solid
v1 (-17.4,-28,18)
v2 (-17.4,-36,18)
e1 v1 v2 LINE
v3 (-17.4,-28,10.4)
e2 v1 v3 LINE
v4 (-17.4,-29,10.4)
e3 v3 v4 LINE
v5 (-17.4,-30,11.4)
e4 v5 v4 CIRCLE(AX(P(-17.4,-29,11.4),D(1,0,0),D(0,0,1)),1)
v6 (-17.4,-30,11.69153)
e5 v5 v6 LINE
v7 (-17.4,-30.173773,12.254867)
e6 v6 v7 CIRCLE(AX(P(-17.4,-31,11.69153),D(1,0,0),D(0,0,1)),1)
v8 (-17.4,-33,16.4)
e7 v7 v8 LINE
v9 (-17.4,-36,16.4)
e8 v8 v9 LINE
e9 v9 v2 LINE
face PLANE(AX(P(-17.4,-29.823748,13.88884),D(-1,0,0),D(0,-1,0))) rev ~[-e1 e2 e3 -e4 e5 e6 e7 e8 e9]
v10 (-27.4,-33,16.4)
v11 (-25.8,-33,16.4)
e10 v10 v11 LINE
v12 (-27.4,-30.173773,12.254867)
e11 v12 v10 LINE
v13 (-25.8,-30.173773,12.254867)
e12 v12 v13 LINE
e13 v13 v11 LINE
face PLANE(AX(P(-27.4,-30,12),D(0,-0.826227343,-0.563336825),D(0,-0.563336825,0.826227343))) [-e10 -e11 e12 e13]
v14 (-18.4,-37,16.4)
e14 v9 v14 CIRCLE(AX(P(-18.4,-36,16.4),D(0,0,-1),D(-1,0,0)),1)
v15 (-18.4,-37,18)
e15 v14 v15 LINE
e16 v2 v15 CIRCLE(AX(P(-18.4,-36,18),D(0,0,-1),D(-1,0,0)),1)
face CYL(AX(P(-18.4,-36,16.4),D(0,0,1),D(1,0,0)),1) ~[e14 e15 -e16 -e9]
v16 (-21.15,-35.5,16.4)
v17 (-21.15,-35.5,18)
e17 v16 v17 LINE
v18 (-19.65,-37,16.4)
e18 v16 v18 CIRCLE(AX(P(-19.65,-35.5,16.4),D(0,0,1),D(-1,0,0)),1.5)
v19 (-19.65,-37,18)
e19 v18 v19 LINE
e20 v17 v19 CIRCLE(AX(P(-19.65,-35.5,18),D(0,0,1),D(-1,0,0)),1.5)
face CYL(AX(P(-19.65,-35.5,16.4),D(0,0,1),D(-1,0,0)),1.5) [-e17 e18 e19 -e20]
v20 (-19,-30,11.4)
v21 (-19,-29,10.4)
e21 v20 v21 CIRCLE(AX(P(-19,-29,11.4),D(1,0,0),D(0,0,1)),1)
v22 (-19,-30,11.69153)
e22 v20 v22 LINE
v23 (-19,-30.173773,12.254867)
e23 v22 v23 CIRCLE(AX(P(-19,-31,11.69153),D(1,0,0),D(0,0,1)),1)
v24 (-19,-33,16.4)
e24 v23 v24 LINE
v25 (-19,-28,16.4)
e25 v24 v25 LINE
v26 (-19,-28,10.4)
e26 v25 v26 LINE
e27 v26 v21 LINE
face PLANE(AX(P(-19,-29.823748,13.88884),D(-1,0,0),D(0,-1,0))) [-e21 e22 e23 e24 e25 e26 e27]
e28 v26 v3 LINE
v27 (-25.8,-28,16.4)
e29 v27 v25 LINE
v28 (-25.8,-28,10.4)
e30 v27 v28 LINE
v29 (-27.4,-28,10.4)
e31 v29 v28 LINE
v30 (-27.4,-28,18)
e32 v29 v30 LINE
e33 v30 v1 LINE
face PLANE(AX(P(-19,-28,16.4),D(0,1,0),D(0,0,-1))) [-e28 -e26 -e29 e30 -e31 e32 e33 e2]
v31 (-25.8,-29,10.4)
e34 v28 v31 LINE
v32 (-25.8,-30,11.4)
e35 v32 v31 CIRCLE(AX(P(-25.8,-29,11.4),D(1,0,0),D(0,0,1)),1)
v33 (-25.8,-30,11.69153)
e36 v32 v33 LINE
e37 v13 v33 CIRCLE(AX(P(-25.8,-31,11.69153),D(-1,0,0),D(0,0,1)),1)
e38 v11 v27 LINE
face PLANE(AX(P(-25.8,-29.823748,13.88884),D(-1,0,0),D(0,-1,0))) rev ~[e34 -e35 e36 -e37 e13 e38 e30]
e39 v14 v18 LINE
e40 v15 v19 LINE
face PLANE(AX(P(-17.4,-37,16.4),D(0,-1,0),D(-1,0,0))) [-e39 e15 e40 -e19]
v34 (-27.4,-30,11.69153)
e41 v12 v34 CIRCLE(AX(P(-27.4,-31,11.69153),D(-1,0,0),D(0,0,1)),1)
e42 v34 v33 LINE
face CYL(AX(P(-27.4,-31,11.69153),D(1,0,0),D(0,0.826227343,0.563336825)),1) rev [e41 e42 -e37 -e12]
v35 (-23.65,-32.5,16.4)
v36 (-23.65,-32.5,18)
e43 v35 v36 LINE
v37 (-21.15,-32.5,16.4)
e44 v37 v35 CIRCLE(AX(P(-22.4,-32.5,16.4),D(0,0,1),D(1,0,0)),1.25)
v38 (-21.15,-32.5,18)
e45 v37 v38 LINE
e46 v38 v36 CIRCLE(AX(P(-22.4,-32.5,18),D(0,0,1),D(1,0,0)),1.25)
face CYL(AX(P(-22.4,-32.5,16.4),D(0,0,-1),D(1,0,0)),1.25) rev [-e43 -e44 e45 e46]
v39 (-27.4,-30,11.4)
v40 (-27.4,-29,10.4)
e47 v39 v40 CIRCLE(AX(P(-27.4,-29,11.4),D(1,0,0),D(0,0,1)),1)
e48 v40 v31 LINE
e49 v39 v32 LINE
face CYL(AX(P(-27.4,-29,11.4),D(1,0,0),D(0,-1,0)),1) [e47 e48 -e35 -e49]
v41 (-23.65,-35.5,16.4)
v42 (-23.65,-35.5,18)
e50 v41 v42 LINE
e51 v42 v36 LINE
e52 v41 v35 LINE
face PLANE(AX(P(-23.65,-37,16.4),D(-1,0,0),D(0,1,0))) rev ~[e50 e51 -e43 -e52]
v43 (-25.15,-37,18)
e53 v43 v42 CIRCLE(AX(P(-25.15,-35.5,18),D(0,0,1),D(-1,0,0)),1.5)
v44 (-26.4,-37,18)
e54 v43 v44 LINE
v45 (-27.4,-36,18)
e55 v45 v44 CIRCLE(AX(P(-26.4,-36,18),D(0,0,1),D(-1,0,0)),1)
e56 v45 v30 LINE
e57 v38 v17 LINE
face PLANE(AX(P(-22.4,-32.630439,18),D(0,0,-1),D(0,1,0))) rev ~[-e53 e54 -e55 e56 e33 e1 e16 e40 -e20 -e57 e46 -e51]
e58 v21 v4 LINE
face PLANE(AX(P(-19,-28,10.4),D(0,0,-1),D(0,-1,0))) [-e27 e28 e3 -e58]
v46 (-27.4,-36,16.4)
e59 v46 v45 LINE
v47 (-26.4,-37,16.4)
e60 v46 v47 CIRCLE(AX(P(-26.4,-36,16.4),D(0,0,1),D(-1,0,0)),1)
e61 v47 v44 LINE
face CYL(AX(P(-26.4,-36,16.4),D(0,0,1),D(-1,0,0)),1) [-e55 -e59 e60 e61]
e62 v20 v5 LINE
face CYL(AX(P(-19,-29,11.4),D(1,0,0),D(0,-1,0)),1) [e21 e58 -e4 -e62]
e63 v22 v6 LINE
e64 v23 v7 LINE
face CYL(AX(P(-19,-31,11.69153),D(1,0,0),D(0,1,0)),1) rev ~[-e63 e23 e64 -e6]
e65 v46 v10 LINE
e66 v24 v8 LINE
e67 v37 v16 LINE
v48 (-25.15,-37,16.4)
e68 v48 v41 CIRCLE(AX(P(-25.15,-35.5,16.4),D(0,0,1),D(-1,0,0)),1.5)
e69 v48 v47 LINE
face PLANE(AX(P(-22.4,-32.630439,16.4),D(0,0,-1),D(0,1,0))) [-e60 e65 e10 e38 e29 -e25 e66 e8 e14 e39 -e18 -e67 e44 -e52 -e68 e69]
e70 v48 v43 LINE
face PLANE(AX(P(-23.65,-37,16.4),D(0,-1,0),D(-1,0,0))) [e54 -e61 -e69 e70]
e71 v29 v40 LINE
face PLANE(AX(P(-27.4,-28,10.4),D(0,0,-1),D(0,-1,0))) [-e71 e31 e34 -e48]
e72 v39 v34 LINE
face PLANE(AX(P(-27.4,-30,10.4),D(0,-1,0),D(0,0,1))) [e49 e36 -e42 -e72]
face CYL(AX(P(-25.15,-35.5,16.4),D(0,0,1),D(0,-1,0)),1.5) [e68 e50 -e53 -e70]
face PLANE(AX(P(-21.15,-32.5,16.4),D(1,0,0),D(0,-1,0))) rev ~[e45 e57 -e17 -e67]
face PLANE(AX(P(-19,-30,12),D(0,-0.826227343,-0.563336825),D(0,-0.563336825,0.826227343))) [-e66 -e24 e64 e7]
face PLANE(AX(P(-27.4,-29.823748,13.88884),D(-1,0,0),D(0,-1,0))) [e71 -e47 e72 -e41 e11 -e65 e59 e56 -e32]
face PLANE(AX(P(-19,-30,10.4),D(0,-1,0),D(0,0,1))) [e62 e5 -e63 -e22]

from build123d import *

# Parameters (mm, degrees)
PAD008_DEPTH            = 1.6
PAD009_DEPTH            = 1.6
LINEARPATTERN003_COUNT  = 2
LINEARPATTERN003_PITCH  = 8.4
FILLET012_R             = 1
FILLET013_R             = 1
FILLET014_R             = 1
FILLET015_R             = 1.5
BODY004_PLACEMENT_ANGLE = 90


with BuildPart() as part:
    # Sketch010 → Pad008 (new body)
    with BuildSketch(Plane.XY):
        with BuildLine():
            Line((-4.5, 5), (4.5, 5))
            Line((4.5, 5), (4.5, 1.25))
            Line((0, 1.25), (4.5, 1.25))
            ThreePointArc((0, 1.25), (-1.25, 0), (0, -1.25))
            Line((4.5, -1.25), (0, -1.25))
            Line((4.5, -1.25), (4.5, -5))
            Line((4.5, -5), (-4.5, -5))
            Line((-4.5, -5), (-4.5, 5))
        make_face()
    extrude(amount=PAD008_DEPTH)

    # Sketch011 (on DatumPlane) → Pad009 (join)
    with BuildSketch(Plane.XZ.offset(5)):
        Polygon((-4.5, 0), (-4.5, -6), (-2.5, -6), (-2.5, -4.4), (0.5, 0), align=None)
    pad009 = extrude(amount=-PAD009_DEPTH)

    # LinearPattern003: Pad009 ×2
    with Locations(*[(0, i * LINEARPATTERN003_PITCH, 0) for i in range(1, LINEARPATTERN003_COUNT)]):
        add(pad009)

    # Fillet012
    fillet012_edges = [part.edges().sort_by_distance(p)[0] for p in [
        (-2.5, -4.2, -6),
        (-2.5, 4.2, -6),
    ]]
    fillet(fillet012_edges, radius=FILLET012_R)

    # Fillet013
    fillet013_edges = [part.edges().sort_by_distance(p)[0] for p in [
        (-2.5, -4.2, -4.4),
        (-2.5, 4.2, -4.4),
    ]]
    fillet(fillet013_edges, radius=FILLET013_R)

    # Fillet014
    fillet014_edges = [part.edges().sort_by_distance(p)[0] for p in [
        (4.5, -5, 0.8),
        (4.5, 5, 0.8),
    ]]
    fillet(fillet014_edges, radius=FILLET014_R)

    # Fillet015
    fillet015_edges = [part.edges().sort_by_distance(p)[0] for p in [
        (4.5, -1.25, 0.8),
        (4.5, 1.25, 0.8),
    ]]
    fillet(fillet015_edges, radius=FILLET015_R)


with BuildPart() as part_1:
    # Body004 placement: moved
    add(part.part.moved(Location((-22.4, -32.5, 16.4))).rotate(Axis((-22.4, -32.5, 16.4), (0, 0, -1)), BODY004_PLACEMENT_ANGLE))


solid = part_1.part
